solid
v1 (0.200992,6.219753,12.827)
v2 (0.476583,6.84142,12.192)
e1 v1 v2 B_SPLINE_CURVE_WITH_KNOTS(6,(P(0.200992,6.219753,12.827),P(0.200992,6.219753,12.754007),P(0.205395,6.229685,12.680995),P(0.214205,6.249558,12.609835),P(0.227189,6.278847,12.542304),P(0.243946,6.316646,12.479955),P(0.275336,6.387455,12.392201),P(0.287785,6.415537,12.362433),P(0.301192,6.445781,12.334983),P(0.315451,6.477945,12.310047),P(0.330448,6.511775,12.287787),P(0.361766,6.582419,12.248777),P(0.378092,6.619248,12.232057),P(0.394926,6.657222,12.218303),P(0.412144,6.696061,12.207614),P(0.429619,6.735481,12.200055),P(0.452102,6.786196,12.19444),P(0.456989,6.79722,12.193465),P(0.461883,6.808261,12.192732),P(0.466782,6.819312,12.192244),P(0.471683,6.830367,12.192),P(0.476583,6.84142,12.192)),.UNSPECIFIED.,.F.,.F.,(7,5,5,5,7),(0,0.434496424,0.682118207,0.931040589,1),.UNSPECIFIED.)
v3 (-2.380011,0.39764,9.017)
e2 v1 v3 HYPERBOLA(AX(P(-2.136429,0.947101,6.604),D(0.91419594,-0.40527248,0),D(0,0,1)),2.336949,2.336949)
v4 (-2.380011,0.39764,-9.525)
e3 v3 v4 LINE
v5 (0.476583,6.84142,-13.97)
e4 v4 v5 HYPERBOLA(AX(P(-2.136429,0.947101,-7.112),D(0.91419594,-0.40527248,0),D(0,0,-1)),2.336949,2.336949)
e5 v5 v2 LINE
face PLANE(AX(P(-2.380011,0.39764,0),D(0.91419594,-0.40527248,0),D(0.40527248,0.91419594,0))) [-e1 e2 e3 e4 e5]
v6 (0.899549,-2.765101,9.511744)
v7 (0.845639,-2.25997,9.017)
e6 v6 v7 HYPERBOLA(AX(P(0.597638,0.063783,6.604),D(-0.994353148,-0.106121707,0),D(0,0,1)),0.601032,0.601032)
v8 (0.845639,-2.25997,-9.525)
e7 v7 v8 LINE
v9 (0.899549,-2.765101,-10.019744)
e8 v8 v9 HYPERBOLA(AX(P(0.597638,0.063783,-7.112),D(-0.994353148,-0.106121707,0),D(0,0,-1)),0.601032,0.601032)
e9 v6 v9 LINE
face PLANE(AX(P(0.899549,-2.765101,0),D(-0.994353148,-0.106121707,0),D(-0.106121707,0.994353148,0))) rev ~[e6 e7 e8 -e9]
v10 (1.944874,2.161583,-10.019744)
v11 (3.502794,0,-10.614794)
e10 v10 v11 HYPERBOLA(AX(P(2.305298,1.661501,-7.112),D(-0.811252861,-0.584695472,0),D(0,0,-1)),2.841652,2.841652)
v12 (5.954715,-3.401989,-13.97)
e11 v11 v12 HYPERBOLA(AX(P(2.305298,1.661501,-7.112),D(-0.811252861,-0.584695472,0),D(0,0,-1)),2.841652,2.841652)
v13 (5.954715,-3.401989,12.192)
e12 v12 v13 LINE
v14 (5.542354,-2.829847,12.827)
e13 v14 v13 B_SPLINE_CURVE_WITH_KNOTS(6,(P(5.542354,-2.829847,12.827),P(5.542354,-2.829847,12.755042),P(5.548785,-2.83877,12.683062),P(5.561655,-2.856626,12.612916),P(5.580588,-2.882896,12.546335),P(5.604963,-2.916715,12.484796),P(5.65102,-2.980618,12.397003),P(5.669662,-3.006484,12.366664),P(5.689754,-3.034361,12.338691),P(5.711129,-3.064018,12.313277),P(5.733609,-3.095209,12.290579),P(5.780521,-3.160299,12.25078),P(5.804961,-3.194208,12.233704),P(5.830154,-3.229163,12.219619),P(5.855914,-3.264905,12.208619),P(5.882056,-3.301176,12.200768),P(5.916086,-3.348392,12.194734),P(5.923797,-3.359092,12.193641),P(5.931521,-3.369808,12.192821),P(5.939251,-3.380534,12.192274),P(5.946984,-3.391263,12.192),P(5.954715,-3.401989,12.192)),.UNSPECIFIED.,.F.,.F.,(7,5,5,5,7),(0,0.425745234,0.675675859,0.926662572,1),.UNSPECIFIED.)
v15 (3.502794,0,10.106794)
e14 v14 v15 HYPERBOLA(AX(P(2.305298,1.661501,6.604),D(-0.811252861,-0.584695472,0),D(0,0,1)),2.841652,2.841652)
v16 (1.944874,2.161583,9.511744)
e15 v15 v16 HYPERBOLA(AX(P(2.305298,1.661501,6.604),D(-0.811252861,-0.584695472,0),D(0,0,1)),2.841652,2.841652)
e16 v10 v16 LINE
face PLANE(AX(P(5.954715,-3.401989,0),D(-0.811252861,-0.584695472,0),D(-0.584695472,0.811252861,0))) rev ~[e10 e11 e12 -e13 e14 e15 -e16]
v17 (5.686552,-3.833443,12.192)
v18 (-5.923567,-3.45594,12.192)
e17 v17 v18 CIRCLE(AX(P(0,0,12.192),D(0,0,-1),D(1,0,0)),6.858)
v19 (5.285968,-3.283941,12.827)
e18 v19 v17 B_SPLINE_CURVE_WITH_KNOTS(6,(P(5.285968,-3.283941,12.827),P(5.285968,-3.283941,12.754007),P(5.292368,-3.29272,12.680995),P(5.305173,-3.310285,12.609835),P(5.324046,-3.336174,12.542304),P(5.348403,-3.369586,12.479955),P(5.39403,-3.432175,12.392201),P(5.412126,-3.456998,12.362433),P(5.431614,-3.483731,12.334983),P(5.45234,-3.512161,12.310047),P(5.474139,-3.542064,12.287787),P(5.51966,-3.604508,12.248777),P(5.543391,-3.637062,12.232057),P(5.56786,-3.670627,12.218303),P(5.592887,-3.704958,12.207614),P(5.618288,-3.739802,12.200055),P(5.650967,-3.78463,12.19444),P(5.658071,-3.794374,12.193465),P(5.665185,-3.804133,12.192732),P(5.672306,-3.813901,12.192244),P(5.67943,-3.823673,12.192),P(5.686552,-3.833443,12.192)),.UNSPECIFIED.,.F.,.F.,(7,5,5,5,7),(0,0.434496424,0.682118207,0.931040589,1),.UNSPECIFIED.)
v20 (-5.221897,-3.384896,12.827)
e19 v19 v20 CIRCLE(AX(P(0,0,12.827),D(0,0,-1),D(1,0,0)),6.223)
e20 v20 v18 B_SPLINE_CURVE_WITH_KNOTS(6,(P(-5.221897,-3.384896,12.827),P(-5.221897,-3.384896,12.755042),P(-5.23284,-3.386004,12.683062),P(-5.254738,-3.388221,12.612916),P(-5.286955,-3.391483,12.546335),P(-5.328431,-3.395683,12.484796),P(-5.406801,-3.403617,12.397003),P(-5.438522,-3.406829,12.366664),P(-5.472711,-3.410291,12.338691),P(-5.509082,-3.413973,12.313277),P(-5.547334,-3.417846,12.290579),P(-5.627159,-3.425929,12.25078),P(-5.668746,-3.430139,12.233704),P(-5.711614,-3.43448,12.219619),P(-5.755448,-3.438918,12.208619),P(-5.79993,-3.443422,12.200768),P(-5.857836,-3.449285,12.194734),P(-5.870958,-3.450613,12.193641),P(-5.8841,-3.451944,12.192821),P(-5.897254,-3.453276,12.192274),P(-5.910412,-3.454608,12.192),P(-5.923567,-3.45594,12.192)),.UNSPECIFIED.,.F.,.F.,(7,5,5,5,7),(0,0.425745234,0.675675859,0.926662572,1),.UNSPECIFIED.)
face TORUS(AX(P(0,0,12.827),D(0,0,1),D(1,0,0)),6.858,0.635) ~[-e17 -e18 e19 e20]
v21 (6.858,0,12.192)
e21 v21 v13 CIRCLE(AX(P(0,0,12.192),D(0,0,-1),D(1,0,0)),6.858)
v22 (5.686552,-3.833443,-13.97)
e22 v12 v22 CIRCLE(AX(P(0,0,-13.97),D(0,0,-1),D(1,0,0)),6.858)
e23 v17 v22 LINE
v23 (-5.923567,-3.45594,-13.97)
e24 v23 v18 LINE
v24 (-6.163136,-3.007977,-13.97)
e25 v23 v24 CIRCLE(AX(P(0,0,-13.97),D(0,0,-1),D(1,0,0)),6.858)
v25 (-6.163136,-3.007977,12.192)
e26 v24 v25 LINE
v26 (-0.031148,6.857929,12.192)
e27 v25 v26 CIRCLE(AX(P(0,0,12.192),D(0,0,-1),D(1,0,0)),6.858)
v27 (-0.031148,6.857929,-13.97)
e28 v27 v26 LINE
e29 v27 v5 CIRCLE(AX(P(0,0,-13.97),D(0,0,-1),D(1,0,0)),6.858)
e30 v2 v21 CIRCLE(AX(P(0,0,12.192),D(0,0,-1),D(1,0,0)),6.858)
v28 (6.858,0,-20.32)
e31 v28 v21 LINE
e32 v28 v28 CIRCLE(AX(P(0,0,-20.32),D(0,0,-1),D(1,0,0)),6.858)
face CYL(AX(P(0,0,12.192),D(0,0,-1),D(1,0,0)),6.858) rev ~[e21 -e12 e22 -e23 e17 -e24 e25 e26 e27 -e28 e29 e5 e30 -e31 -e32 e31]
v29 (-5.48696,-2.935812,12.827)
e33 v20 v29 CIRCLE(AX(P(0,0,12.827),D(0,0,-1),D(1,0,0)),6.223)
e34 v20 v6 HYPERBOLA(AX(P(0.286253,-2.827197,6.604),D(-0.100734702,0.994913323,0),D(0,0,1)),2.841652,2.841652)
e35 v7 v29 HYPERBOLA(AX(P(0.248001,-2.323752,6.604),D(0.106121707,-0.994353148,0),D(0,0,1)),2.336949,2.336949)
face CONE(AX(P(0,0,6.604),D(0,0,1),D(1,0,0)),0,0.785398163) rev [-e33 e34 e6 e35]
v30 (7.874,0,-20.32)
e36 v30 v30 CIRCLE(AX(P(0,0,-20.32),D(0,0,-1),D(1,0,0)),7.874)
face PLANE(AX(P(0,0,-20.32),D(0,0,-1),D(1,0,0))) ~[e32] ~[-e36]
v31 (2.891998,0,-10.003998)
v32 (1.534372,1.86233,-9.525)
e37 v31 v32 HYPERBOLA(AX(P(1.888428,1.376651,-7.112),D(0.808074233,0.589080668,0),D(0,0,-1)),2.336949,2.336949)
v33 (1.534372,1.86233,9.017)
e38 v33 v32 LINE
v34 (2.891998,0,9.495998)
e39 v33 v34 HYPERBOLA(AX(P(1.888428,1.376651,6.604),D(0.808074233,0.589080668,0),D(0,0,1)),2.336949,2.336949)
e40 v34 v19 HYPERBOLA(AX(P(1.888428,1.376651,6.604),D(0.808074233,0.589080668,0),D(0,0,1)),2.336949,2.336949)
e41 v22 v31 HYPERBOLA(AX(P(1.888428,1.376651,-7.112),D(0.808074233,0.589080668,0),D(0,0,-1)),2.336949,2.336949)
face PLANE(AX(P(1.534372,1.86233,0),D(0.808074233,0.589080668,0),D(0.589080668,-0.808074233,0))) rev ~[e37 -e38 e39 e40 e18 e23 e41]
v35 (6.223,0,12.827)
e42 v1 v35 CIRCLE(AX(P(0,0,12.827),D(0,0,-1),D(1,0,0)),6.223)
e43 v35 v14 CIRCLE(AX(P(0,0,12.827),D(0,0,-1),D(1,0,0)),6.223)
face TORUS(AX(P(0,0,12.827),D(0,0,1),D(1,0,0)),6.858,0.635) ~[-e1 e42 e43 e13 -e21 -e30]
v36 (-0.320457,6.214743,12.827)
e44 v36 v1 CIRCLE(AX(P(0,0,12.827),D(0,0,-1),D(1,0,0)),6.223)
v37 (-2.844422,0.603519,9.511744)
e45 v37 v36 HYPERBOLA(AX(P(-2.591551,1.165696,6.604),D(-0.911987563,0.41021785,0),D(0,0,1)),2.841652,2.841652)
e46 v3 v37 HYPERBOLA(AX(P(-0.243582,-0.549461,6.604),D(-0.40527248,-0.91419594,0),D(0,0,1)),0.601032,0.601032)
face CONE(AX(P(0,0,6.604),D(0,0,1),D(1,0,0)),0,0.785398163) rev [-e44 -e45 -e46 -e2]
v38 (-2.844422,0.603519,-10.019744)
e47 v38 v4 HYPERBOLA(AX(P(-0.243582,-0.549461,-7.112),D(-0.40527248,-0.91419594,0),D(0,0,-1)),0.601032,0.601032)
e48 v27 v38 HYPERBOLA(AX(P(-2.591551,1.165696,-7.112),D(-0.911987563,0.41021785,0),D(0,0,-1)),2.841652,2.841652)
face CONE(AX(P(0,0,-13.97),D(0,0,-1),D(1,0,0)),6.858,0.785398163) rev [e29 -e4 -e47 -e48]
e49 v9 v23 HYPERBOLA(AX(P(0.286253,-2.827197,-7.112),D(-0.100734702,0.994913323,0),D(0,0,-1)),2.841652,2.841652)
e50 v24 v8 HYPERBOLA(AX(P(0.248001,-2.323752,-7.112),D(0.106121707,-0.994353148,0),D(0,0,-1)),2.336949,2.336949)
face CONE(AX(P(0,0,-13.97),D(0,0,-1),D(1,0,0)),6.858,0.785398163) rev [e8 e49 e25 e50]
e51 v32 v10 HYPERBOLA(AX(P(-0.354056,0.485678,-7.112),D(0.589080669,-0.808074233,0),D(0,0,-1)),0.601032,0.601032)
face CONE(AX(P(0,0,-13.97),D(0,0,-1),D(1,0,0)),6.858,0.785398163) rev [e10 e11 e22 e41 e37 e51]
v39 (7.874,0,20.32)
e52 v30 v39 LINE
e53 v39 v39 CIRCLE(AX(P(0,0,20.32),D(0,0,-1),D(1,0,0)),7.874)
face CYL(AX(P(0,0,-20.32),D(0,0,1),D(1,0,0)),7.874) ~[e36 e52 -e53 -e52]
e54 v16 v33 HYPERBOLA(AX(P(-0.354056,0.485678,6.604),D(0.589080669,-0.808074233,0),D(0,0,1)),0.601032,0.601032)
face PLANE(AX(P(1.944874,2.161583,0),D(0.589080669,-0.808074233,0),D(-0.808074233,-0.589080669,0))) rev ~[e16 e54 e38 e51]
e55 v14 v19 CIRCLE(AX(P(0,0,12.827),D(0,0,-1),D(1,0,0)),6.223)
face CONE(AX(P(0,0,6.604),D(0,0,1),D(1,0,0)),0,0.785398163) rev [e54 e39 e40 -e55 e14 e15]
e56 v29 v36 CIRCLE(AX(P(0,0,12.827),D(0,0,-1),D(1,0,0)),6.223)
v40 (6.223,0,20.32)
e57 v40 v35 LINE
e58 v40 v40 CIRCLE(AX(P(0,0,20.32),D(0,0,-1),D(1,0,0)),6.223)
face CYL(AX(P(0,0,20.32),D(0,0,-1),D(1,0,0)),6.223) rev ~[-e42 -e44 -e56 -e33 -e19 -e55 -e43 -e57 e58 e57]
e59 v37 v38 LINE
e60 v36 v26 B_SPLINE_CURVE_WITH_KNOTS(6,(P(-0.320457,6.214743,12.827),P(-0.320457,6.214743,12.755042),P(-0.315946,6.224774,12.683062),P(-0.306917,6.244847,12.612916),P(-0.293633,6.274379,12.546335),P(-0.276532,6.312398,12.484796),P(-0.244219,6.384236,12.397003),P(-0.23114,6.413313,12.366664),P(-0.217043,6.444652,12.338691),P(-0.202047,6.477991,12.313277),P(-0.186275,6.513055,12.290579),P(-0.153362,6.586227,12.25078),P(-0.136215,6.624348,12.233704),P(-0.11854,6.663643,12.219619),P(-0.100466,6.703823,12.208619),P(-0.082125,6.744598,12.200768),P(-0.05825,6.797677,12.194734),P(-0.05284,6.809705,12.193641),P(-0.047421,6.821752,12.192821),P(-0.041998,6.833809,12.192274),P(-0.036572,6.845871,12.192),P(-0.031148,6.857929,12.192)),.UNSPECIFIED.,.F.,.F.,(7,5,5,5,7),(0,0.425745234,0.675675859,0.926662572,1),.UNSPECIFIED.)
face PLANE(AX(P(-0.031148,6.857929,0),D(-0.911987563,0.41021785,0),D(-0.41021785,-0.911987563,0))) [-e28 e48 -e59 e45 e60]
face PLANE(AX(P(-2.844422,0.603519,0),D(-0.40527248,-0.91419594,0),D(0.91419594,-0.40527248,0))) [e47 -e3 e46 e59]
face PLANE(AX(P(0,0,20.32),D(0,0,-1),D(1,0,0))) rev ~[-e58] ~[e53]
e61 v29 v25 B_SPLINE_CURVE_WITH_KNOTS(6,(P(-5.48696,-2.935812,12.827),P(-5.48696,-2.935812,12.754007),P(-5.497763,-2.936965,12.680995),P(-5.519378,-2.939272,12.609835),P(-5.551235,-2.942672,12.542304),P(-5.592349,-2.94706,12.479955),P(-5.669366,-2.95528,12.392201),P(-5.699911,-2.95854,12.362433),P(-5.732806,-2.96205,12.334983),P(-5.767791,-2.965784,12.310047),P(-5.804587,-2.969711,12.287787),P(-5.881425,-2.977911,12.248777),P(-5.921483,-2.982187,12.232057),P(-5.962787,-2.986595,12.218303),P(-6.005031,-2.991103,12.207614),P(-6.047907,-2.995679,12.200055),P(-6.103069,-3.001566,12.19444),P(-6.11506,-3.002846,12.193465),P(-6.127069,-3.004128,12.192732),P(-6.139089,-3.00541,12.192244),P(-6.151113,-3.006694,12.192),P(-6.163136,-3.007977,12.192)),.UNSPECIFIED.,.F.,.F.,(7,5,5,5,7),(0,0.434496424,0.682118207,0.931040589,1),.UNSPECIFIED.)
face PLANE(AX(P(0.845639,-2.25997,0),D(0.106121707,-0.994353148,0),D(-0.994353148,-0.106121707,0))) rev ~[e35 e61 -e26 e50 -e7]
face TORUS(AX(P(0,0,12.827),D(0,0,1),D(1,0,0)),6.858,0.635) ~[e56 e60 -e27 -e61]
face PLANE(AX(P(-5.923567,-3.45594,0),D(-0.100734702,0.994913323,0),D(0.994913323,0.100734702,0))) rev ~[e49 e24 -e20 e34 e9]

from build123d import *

# Parameters (mm, degrees)
F3_DEPTH = 19.05


with BuildPart() as f1:
    # F0 (on Front) → F1 (revolve)
    with BuildSketch(Plane.XZ):
        with BuildLine():
            Line((7.874, -20.32), (7.874, 20.32))
            Line((7.874, 20.32), (6.223, 20.32))
            Line((6.223, 20.32), (6.223, 13.0673574546))
            Line((6.223, 13.0673574546), (6.223, 12.827))
            ThreePointArc((6.223, 12.827), (6.4089871939, 12.3779871939), (6.858, 12.192))
            Line((6.858, 12.192), (6.858, -20.32))
            Line((6.858, -20.32), (7.874, -20.32))
        make_face()
    revolve(axis=Axis((0, 0, -2.1967927045), (0, 0, -1)))

    # F2 (on Top) → F3 (join, symmetric)
    with BuildSketch(Plane.XY):
        with BuildLine():
            Line((0.8456389311, -2.2599698667), (-6.1631355014, -3.0079768601))
            ThreePointArc((-6.1631355014, -3.0079768601), (-6.0475003842, -3.2341773457), (-5.9235668092, -3.4559398515))
            Line((-5.9235668092, -3.4559398515), (0.8995487584, -2.7651012659))
            Line((0.8995487584, -2.7651012659), (0.8456389311, -2.2599698667))
        make_face()
        with BuildLine():
            ThreePointArc((5.6865521256, -3.8334434812), (5.8246299338, -3.6202002893), (5.9547151099, -3.401989412))
            Line((5.9547151099, -3.401989412), (1.9448735611, 2.1615827097))
            Line((1.9448735611, 2.1615827097), (1.5343718508, 1.8623297301))
            Line((1.5343718508, 1.8623297301), (5.6865521256, -3.8334434812))
        make_face()
        with BuildLine():
            Line((-2.3800107819, 0.3976401366), (0.4765833759, 6.8414203413))
            ThreePointArc((0.4765833759, 6.8414203413), (0.2228704504, 6.8543776349), (-0.0311483008, 6.8579292635))
            Line((-0.0311483008, 6.8579292635), (-2.8444223195, 0.6035185562))
            Line((-2.8444223195, 0.6035185562), (-2.3800107819, 0.3976401366))
        make_face()
    extrude(amount=F3_DEPTH, both=True)

    # F4 (on Front) → F5 (revolve, cut)
    with BuildSketch(Plane.XZ):
        Polygon((0, -20.32), (6.858, -20.32), (6.858, -13.97), (0, -7.112), align=None)
        Polygon((0, 20.32), (0, 12.827), (0, 6.604), (6.223, 12.827), (6.223, 20.32), align=None)
    revolve(axis=Axis((0, 0, -2.1967927045), (0, 0, -1)), mode=Mode.SUBTRACT)


solid = f1.part
